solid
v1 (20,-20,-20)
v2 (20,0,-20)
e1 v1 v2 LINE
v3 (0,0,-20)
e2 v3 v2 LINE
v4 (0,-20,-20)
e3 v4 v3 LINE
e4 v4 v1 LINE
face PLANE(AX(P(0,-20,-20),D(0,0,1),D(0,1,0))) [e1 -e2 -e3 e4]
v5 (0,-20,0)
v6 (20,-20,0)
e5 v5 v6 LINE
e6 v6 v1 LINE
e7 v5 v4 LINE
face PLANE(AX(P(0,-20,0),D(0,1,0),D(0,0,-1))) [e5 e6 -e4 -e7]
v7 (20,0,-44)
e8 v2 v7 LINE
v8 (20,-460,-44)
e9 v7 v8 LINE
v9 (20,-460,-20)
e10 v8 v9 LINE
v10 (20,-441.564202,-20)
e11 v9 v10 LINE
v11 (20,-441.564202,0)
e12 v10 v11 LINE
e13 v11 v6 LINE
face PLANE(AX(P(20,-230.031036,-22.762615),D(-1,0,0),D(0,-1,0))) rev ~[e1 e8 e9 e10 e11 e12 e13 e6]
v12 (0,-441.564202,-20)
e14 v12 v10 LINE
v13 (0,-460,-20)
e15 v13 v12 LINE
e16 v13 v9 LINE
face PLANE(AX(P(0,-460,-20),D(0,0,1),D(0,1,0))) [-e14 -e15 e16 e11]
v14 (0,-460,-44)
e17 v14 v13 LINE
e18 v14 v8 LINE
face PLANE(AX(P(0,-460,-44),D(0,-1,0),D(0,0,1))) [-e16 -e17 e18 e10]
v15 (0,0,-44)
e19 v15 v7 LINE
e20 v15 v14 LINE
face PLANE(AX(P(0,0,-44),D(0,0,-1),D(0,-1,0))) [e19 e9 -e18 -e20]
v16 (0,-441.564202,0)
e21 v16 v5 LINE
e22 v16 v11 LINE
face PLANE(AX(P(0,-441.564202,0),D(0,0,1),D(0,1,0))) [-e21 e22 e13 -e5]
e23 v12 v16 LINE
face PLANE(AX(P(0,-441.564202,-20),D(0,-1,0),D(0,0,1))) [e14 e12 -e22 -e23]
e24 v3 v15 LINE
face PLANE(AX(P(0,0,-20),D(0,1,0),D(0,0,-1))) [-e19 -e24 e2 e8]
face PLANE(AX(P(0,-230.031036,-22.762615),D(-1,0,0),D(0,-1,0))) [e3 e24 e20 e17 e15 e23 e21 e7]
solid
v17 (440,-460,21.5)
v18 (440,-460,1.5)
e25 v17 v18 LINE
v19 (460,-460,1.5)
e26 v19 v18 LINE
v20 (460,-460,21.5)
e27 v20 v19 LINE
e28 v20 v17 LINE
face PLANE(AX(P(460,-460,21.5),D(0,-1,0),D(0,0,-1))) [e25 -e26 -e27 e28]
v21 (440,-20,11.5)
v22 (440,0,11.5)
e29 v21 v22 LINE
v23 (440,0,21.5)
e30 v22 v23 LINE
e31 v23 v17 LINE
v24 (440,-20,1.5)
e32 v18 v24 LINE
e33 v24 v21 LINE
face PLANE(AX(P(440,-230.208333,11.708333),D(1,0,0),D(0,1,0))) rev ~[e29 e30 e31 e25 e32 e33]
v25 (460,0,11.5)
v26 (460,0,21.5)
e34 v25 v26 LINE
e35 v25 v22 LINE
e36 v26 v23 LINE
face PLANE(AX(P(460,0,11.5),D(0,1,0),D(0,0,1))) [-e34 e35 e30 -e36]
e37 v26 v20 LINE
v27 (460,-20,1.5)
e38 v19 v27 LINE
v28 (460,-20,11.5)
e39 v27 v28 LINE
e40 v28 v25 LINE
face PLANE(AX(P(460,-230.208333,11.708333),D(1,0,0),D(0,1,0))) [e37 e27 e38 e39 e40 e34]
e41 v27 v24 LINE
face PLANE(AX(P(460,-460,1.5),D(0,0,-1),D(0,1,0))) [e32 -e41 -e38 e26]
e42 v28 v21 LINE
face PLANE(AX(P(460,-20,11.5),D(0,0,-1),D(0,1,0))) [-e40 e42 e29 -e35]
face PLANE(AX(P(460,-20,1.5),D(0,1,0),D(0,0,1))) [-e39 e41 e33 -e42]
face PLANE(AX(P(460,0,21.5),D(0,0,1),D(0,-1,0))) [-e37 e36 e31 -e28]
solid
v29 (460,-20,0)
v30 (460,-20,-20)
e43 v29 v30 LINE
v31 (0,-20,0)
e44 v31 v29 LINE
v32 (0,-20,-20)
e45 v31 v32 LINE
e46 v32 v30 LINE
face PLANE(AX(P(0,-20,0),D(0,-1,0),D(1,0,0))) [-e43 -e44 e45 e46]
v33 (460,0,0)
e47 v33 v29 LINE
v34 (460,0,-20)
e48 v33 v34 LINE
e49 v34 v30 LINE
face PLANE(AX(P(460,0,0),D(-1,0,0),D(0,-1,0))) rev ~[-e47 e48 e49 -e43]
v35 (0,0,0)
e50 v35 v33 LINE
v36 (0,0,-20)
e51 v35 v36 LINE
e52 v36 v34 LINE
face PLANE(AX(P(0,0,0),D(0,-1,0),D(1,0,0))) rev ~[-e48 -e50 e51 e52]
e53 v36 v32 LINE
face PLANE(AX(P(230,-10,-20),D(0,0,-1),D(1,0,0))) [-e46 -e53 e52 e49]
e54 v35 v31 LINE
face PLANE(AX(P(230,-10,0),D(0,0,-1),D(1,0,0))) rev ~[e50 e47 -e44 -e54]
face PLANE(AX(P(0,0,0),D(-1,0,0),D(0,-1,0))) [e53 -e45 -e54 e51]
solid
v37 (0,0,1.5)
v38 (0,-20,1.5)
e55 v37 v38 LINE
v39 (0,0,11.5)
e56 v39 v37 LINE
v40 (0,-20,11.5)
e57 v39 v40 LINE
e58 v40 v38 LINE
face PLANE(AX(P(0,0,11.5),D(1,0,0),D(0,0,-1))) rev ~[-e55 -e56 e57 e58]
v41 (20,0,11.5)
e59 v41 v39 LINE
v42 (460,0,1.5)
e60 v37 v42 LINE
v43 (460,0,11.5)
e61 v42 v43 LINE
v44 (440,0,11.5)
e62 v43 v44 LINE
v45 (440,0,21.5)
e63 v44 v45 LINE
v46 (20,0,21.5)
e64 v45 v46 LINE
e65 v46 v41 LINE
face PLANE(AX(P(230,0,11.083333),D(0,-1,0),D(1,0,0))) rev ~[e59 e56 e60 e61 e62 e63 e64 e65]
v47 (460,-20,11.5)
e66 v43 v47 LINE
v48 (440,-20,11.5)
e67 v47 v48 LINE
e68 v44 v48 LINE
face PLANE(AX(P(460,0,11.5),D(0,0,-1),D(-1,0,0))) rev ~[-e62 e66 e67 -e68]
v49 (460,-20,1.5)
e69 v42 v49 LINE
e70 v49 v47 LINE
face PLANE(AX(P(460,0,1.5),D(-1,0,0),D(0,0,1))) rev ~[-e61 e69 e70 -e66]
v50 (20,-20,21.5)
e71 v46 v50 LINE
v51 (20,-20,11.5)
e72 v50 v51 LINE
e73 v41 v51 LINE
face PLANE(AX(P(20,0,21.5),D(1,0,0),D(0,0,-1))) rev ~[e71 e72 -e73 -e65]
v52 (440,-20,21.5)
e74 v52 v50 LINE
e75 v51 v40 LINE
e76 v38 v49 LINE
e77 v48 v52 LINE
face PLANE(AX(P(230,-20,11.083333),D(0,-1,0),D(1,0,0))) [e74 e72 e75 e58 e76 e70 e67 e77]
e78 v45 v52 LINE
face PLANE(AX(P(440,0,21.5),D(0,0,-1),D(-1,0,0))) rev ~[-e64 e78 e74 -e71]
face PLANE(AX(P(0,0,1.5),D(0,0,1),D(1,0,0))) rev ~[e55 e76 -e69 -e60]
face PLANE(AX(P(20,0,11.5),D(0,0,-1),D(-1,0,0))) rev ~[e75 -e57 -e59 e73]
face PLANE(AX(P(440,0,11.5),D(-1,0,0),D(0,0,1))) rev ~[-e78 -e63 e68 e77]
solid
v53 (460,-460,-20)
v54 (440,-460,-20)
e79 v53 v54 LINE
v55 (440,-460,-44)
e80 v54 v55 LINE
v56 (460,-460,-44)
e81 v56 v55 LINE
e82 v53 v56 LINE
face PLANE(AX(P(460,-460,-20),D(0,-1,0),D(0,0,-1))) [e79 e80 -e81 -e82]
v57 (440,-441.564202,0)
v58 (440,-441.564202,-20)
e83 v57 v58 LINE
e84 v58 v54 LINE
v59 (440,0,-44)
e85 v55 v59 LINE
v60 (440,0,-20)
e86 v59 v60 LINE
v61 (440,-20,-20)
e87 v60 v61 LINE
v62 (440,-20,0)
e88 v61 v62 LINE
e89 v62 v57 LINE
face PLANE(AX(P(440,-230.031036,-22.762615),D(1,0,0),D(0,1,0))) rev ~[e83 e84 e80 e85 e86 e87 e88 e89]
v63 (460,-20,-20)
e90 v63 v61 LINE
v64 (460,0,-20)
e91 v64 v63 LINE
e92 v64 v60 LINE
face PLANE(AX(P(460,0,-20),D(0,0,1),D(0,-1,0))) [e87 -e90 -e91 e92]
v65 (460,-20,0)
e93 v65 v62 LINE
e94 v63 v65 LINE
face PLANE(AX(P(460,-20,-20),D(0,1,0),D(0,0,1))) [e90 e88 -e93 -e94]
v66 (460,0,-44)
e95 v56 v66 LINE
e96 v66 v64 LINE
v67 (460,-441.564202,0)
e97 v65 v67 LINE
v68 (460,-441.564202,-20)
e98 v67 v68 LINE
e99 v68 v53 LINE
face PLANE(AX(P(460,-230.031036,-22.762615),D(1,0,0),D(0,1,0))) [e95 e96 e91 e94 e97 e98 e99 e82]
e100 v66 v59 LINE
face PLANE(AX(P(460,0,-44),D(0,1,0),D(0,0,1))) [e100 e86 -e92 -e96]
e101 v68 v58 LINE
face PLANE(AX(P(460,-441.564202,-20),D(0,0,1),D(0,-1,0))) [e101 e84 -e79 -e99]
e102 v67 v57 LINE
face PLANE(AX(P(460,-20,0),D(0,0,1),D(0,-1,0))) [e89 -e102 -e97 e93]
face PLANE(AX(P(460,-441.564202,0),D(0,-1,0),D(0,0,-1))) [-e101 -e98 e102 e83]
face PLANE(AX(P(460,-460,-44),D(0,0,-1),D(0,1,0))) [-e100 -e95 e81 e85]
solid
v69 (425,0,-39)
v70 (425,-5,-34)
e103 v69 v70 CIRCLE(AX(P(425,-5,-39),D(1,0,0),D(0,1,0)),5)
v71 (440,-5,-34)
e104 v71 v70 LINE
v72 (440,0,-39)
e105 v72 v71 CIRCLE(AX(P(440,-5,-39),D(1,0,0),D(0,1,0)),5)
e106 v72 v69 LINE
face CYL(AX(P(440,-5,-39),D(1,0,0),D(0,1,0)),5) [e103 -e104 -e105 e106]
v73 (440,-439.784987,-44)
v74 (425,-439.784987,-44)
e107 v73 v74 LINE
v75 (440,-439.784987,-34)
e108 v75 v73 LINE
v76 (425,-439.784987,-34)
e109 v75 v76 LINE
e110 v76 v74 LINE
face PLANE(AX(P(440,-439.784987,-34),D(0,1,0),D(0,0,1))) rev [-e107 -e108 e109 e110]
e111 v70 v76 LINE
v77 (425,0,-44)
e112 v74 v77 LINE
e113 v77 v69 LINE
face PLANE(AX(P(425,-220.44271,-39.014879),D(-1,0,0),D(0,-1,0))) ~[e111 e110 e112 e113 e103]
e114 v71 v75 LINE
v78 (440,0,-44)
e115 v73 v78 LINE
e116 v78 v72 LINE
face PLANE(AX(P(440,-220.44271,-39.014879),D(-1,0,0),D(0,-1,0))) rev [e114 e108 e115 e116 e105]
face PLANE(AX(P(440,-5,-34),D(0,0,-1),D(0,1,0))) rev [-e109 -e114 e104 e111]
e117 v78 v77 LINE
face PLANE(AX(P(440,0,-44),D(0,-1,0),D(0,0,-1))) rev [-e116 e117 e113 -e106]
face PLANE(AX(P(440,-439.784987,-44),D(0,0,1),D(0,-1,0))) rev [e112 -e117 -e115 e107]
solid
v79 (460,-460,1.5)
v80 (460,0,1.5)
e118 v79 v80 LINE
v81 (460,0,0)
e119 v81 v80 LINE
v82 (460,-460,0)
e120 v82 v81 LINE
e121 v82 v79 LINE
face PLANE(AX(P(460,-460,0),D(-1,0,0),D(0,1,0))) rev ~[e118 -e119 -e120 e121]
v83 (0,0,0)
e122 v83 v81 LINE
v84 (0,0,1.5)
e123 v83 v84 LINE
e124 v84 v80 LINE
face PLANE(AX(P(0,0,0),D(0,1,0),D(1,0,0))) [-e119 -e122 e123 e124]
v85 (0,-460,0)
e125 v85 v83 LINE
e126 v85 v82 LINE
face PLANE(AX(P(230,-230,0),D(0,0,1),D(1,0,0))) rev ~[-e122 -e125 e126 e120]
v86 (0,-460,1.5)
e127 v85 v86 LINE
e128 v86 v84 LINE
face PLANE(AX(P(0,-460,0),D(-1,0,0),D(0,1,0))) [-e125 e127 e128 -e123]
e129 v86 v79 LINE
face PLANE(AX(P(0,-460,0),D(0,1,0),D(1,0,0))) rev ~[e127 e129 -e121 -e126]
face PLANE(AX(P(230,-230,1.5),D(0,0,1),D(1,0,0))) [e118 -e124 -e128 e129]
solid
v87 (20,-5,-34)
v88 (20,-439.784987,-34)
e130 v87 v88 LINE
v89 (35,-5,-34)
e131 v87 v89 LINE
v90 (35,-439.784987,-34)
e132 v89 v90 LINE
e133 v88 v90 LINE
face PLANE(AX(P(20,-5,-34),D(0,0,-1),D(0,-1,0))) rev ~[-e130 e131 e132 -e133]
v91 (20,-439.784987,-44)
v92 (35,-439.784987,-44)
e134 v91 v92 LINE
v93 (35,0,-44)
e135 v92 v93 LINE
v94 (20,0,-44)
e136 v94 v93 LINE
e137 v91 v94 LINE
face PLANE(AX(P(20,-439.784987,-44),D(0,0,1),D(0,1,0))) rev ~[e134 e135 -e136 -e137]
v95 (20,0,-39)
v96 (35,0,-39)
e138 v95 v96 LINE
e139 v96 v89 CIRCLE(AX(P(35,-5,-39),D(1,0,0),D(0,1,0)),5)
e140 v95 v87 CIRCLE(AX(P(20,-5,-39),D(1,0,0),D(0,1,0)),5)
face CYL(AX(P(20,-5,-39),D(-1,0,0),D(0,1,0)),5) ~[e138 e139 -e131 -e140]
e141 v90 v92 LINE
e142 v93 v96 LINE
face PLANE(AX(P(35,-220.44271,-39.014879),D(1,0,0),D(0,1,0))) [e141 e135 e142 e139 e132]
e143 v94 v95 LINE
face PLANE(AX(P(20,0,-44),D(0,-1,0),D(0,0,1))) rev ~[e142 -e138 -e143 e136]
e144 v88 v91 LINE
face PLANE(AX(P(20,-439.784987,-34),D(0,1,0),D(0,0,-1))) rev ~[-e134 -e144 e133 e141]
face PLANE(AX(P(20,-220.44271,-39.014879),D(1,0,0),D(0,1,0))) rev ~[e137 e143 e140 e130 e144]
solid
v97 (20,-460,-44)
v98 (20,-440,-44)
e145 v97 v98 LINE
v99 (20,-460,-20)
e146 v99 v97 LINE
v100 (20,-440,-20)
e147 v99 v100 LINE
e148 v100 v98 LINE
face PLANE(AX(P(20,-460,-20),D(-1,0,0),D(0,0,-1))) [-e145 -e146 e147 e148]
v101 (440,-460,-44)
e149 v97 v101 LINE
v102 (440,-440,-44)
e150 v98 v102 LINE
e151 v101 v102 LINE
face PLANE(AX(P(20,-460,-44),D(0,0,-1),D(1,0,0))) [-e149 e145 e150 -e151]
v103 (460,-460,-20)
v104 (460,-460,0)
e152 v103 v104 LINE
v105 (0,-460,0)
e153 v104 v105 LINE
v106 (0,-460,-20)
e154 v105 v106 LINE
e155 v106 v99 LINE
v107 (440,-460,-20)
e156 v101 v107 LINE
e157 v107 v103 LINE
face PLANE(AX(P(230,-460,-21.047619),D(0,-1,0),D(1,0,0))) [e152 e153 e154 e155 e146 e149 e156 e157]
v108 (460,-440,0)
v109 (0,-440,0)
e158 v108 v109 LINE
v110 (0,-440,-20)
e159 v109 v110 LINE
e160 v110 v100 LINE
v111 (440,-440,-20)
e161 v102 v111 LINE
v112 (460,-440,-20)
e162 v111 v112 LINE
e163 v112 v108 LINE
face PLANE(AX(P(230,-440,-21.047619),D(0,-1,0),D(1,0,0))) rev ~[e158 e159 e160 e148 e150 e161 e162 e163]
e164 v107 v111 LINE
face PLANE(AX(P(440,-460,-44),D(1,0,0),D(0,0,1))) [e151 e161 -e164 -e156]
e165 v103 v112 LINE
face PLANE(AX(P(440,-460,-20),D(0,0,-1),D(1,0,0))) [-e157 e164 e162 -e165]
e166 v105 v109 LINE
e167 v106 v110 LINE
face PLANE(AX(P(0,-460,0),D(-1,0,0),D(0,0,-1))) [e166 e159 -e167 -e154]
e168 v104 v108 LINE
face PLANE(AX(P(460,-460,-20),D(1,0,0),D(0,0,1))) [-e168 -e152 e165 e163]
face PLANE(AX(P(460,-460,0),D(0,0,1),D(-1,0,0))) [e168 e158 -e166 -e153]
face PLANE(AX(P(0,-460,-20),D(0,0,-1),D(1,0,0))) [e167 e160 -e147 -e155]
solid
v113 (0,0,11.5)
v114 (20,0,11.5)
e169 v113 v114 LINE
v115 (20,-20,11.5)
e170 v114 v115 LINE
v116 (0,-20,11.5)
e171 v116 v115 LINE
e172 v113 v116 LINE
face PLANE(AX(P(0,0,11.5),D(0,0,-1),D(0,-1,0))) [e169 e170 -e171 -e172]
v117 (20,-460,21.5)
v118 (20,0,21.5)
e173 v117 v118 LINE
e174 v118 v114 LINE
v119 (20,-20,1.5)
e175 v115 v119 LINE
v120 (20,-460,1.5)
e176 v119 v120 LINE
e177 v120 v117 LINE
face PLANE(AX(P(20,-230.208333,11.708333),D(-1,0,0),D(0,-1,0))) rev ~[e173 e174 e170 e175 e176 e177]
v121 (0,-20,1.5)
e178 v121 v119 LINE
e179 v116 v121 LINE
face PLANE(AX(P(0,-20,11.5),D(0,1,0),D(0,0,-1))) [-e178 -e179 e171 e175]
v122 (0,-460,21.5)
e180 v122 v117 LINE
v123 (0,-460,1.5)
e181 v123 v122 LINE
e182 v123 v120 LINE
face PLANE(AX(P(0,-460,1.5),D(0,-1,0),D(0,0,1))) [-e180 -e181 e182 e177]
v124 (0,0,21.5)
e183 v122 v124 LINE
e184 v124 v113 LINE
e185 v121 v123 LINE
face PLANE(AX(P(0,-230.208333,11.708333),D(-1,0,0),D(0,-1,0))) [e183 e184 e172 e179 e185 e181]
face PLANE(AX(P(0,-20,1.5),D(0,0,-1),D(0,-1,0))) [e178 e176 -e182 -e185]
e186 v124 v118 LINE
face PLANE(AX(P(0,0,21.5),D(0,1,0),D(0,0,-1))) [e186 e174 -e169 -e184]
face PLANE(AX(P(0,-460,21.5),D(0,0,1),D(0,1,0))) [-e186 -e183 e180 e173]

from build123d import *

# Parameters (mm, degrees)
F0_W      = 460
F0_H      = 460
F1_DEPTH  = 1.5
F3_DEPTH  = 20
F5_DEPTH  = 20
F7_DEPTH  = 20
F8_W      = 460
F8_H      = 20
F9_DEPTH  = 20
F11_DEPTH = 20
F13_DEPTH = 20
F15_DEPTH = 20
F19_DEPTH = 15


with BuildPart() as f1:
    # F0 (on Top) → F1 (new body)
    with BuildSketch(Plane.XY):
        with Locations((230, -230)):
            Rectangle(F0_W, F0_H)
    extrude(amount=F1_DEPTH)


with BuildPart() as f3:
    # F2 (on Front) → F3 (new body)
    with BuildSketch(Plane.XZ):
        Polygon((0, 11.5), (0, 1.5), (460, 1.5), (460, 11.5), (440, 11.5), (440, 21.5), (20, 21.5), (20, 11.5), align=None)
    extrude(amount=F3_DEPTH)


with BuildPart() as f5:
    # F4 (on face) → F5 (new body)
    with BuildSketch(Plane(origin=(0, 0, 0), x_dir=(0, -1, 0), z_dir=(-1, 0, 0))):
        Polygon((20, 11.5), (20, 1.5), (460, 1.5), (460, 21.5), (0, 21.5), (0, 11.5), align=None)
    extrude(amount=-F5_DEPTH)


with BuildPart() as f7:
    # F6 (on face) → F7 (new body)
    with BuildSketch(Plane.YZ.offset(460)):
        Polygon((-460, 1.5), (-20, 1.5), (-20, 11.5), (0, 11.5), (0, 21.5), (-460, 21.5), align=None)
    extrude(amount=-F7_DEPTH)


with BuildPart() as f9:
    # F8 (on face) → F9 (new body)
    with BuildSketch(Plane(origin=(0, 0, 0), x_dir=(1, 0, 0), z_dir=(0, 0, -1))):
        with Locations((230, 10)):
            Rectangle(F8_W, F8_H)
    extrude(amount=F9_DEPTH)


with BuildPart() as f11:
    # F10 (on face) → F11 (new body)
    with BuildSketch(Plane(origin=(0, 0, 0), x_dir=(0, -1, 0), z_dir=(-1, 0, 0))):
        Polygon((20, 0), (20, -20), (0, -20), (0, -44), (460, -44), (460, -20), (441.5642023087, -20), (441.5642023087, 0), align=None)
    extrude(amount=-F11_DEPTH)


with BuildPart() as f13:
    # F12 (on face) → F13 (new body)
    with BuildSketch(Plane.YZ.offset(460)):
        Polygon((0, -20), (-20, -20), (-20, 0), (-441.5642023087, 0), (-441.5642023087, -20), (-460, -20), (-460, -44), (0, -44), align=None)
    extrude(amount=-F13_DEPTH)


with BuildPart() as f15:
    # F14 (on face) → F15 (new body)
    with BuildSketch(Plane.XZ.offset(460)):
        Polygon((0, -20), (20, -20), (20, -44), (440, -44), (440, -20), (460, -20), (460, 0), (0, 0), align=None)
    extrude(amount=-F15_DEPTH)


with BuildPart() as f19:
    # F18 (on face) → F19 (new body)
    with BuildSketch(Plane.YZ.offset(20)):
        with BuildLine():
            Line((-439.7849869728, -44), (0, -44))
            Line((0, -44), (0, -39))
            ThreePointArc((0, -39), (-1.4644660941, -35.4644660941), (-5, -34))
            Line((-5, -34), (-439.7849869728, -34))
            Line((-439.7849869728, -34), (-439.7849869728, -44))
        make_face()
    extrude(amount=F19_DEPTH)


with BuildPart() as f20_1:
    # F20: instance of F19
    add(f19.part.mirror(Plane.YZ.offset(230)))


solid = Compound([f1.part, f3.part, f5.part, f7.part, f9.part, f11.part, f13.part, f15.part, f19.part, f20_1.part])
